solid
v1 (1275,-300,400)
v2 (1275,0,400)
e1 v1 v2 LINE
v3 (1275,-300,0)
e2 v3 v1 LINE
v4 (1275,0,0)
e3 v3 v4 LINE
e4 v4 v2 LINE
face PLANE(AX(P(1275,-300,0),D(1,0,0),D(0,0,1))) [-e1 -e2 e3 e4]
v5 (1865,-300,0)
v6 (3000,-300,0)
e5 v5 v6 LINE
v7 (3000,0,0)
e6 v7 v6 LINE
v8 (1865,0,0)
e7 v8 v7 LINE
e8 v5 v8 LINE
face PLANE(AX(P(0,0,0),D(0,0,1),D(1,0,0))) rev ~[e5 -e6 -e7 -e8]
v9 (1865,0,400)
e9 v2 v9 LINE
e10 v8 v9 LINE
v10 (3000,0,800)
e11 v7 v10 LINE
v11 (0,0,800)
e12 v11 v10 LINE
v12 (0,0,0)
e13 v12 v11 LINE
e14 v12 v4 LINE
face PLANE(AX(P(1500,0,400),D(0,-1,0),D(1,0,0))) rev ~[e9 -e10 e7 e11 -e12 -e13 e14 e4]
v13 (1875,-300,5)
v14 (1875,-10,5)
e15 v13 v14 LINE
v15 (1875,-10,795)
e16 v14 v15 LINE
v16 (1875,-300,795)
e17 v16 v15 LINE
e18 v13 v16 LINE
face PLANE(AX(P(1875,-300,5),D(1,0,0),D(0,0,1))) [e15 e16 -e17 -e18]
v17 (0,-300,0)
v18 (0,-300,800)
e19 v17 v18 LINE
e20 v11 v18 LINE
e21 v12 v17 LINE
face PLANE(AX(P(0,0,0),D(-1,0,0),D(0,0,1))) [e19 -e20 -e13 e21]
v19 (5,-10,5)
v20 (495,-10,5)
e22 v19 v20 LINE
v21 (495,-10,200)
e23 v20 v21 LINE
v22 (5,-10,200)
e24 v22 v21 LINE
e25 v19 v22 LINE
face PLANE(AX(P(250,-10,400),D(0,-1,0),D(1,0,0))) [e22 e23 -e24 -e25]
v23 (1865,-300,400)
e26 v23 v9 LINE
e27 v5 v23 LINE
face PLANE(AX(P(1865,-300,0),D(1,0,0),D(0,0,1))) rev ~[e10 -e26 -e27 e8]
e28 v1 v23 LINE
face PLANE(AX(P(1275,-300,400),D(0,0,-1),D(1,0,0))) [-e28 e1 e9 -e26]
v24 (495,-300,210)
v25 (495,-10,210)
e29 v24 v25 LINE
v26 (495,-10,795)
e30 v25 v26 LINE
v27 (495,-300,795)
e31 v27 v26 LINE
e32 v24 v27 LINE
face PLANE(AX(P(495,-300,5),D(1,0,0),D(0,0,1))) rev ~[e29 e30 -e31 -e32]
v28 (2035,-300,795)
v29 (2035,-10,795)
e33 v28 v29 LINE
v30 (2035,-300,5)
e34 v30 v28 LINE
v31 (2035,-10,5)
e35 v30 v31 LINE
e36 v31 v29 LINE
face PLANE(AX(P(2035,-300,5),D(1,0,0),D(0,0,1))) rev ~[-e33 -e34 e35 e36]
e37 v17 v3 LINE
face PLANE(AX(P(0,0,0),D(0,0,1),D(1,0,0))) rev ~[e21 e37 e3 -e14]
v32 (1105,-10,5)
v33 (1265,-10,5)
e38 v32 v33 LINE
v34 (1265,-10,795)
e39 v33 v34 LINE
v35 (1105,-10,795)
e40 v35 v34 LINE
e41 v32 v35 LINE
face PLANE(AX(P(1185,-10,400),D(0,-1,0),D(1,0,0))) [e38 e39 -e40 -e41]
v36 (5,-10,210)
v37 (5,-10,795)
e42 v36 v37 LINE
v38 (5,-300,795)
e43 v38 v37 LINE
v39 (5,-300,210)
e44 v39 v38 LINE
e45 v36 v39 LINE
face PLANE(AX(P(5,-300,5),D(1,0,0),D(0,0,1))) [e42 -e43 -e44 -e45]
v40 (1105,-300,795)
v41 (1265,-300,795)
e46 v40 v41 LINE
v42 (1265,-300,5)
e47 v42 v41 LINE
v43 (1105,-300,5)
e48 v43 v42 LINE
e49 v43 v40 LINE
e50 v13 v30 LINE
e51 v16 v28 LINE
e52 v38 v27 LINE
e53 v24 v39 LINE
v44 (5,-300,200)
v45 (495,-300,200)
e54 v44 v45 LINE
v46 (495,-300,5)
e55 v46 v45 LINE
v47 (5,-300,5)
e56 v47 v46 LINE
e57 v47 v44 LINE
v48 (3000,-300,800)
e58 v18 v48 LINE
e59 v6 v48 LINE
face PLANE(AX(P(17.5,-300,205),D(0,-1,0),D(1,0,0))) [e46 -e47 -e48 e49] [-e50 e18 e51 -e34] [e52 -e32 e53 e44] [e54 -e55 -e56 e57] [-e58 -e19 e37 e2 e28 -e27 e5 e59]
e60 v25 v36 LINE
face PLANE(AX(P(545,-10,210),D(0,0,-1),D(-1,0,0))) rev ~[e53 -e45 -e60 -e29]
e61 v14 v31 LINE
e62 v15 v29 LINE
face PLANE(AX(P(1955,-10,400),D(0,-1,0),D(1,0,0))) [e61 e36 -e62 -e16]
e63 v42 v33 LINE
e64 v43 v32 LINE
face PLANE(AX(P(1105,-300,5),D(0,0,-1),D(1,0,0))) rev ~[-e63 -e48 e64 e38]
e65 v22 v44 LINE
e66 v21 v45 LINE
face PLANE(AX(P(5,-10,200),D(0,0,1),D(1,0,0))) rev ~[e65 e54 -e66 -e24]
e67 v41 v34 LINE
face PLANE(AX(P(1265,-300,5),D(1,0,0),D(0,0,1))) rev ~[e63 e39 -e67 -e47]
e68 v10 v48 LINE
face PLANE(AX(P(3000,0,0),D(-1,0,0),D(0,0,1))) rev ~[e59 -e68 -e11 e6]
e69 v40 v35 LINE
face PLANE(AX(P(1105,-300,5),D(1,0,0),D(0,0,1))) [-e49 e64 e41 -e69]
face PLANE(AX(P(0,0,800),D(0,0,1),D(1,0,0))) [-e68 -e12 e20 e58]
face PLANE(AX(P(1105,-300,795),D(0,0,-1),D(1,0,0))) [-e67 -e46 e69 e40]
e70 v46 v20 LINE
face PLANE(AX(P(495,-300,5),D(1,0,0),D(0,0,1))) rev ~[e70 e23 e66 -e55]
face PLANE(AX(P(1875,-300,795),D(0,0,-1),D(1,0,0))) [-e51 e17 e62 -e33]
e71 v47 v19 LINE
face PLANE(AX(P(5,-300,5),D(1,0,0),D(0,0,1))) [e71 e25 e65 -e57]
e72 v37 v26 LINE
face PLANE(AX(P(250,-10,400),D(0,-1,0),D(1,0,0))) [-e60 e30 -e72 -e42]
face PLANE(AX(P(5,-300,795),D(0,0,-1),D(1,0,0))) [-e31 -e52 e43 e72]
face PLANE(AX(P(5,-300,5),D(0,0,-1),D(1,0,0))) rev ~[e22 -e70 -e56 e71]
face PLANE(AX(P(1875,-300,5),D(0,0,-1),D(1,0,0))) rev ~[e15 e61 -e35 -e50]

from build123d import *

# Parameters (mm, degrees)
F0_W     = 3000
F0_H     = 800
F1_DEPTH = 300
F2_W     = 490
F2_H     = 790
F3_DEPTH = 290
F4_W     = 160
F4_H     = 790
F5_DEPTH = 290
F6_W     = 590
F6_H     = 400
F7_DEPTH = 300.001
F8_W     = 25
F8_H     = 10
F8_W_2   = 440
F9_DEPTH = 290


with BuildPart() as f1:
    # F0 (on Front) → F1 (new body)
    with BuildSketch(Plane.XZ):
        with Locations((1500, 400)):
            Rectangle(F0_W, F0_H)
    extrude(amount=F1_DEPTH)

    # F2 (on face) → F3 (cut)
    with BuildSketch(Plane.XZ.offset(300)):
        with Locations((250, 400)):
            Rectangle(F2_W, F2_H)
    extrude(amount=-F3_DEPTH, mode=Mode.SUBTRACT)

    # F4 (on face) → F5 (cut)
    with BuildSketch(Plane.XZ.offset(300)):
        with Locations((1185, 400)):
            Rectangle(F4_W, F4_H)
        with Locations((1955, 400)):
            Rectangle(F4_W, F4_H)
    extrude(amount=-F5_DEPTH, mode=Mode.SUBTRACT)

    # F6 (on face) → F7 (cut, through all)
    with BuildSketch(Plane.XZ.offset(300)):
        with Locations((1570, 200)):
            Rectangle(F6_W, F6_H)
    extrude(amount=-F7_DEPTH, mode=Mode.SUBTRACT)

    # F8 (on face) → F9 (join, through all)
    with BuildSketch(Plane.XZ.offset(10)):
        with Locations((17.5, 205)):
            Rectangle(F8_W, F8_H)
        with Locations((42.5, 205)):
            Rectangle(F8_W, F8_H)
        with Locations((275, 205)):
            Rectangle(F8_W_2, F8_H)
        with Locations((507.5, 205)):
            Rectangle(F8_W, F8_H)
        with Locations((532.5, 205)):
            Rectangle(F8_W, F8_H)
    extrude(amount=F9_DEPTH)


solid = f1.part
